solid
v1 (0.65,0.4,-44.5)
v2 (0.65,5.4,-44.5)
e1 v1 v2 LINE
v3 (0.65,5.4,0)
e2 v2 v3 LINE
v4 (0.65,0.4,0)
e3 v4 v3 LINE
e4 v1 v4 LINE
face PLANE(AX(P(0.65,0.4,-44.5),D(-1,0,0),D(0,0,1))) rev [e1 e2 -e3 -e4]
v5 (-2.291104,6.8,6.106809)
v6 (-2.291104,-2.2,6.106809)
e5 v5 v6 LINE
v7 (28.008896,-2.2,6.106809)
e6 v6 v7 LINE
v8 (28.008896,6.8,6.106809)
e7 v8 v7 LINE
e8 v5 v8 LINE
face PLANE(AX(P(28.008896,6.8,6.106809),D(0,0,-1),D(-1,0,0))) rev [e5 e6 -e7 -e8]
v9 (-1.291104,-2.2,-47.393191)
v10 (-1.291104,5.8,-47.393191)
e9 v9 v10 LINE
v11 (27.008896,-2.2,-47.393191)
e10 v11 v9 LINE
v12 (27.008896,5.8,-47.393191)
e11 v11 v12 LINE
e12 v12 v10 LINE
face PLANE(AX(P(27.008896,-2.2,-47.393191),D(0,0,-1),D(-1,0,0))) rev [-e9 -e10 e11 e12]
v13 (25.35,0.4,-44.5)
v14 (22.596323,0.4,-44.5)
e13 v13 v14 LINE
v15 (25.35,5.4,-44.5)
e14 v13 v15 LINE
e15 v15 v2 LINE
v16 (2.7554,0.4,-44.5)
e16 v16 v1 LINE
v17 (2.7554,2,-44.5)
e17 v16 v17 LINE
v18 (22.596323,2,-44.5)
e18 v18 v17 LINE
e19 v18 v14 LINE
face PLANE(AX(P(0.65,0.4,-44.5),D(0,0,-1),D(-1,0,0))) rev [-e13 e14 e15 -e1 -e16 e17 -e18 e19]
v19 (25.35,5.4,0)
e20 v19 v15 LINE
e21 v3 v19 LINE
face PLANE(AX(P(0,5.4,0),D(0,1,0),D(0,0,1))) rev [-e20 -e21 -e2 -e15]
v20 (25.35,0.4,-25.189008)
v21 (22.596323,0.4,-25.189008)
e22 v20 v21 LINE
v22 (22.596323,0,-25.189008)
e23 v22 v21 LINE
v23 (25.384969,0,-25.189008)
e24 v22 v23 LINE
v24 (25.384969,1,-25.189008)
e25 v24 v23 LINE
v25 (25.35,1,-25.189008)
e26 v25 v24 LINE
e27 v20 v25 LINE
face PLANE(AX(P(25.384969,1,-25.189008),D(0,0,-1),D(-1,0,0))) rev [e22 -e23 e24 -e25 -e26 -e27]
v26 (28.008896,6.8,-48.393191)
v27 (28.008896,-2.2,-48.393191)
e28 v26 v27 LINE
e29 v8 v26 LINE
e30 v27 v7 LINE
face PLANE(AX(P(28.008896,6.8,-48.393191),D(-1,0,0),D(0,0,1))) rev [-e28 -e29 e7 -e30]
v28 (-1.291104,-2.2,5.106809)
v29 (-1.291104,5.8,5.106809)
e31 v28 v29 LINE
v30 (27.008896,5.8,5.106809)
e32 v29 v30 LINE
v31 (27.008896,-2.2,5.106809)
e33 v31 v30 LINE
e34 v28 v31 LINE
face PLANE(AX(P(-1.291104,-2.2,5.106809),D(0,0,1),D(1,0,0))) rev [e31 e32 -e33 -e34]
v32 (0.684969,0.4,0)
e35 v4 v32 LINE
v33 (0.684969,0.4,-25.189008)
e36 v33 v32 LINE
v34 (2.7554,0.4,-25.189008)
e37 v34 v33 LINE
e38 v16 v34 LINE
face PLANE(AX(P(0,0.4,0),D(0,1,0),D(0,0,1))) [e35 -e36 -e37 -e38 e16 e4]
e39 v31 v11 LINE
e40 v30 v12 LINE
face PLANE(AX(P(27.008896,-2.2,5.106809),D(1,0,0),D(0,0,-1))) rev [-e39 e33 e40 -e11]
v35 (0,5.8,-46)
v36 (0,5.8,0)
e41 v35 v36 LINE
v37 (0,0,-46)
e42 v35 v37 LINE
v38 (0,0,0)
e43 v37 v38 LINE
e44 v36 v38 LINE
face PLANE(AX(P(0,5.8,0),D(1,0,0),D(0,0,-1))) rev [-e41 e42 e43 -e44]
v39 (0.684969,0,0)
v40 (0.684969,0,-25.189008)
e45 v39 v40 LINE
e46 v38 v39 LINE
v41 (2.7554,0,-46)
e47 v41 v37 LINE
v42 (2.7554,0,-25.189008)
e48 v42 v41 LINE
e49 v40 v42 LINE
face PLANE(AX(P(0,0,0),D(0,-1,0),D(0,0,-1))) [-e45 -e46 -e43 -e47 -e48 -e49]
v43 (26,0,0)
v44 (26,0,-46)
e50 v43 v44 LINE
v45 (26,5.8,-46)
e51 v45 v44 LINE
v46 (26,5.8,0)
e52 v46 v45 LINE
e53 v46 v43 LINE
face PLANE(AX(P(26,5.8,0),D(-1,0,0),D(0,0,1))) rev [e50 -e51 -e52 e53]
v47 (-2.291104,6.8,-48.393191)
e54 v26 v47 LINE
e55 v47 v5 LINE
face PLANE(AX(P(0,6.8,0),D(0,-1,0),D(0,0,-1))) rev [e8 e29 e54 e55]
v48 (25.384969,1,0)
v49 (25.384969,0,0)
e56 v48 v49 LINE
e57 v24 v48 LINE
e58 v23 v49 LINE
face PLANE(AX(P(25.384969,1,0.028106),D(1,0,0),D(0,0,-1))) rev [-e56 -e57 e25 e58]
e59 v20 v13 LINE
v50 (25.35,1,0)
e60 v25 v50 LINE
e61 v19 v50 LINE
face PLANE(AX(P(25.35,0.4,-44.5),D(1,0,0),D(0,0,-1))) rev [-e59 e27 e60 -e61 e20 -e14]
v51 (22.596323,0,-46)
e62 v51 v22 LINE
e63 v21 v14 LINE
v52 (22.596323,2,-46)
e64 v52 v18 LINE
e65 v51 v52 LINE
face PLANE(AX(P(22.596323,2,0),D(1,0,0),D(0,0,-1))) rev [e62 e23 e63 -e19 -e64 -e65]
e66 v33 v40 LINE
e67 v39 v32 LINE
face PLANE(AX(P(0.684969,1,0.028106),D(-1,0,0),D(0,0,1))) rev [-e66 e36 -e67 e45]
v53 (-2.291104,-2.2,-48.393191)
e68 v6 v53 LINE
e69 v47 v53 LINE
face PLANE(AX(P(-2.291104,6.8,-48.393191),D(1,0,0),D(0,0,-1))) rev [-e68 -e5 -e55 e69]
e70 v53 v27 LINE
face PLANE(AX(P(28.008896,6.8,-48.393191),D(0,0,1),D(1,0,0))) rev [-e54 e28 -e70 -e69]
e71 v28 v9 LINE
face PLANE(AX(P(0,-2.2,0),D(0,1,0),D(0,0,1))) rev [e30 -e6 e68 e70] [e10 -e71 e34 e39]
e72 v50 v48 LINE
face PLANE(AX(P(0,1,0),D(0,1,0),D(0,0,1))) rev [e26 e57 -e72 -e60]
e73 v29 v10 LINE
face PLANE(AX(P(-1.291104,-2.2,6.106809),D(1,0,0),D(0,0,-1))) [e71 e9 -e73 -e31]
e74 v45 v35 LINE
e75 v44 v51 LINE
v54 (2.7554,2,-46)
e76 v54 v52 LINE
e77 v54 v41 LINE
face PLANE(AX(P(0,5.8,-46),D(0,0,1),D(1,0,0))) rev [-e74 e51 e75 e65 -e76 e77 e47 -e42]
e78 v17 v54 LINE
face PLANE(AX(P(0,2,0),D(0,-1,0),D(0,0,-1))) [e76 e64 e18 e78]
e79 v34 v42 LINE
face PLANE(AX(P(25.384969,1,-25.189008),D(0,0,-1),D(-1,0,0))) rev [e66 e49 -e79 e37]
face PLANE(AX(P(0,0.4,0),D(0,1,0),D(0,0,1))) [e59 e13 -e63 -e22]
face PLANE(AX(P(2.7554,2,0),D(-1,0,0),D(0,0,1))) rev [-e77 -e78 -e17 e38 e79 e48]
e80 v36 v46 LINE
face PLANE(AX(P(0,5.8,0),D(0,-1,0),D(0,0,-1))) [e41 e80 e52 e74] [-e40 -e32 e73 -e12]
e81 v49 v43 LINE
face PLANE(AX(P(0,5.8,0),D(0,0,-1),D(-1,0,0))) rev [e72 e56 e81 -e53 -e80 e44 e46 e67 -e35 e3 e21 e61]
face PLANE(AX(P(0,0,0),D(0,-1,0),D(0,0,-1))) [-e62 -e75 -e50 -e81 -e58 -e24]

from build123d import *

# Parameters (mm, degrees)
SKETCH1_W           = 26
SKETCH1_H           = 46
BOSS_EXTRUDE1_DEPTH = 5.8
CUT_EXTRUDE1_START  = -0.4
SKETCH2_W           = 24.7
SKETCH2_H           = 45
CUT_EXTRUDE1_DEPTH  = 5
SKETCH3_W           = 30.3
SKETCH3_H           = 54.5
BOSS_EXTRUDE2_DEPTH = 1
SKETCH4_W           = 1
SKETCH4_H           = 54.5
BOSS_EXTRUDE3_DEPTH = 8
SKETCH5_W           = 29.3
SKETCH5_H           = 1
BOSS_EXTRUDE4_DEPTH = 8
SKETCH6_W           = 1
SKETCH6_H           = 53.5
BOSS_EXTRUDE5_DEPTH = 8
SKETCH7_W           = 28.3
SKETCH7_H           = 1
BOSS_EXTRUDE6_DEPTH = 8
SKETCH8_W           = 19.840922592
SKETCH8_H           = 47.393191015
CUT_EXTRUDE2_DEPTH  = 2
SKETCH9_W           = 24.7
SKETCH9_H           = 25.217114116
CUT_EXTRUDE3_DEPTH  = 1


with BuildPart() as part:
    # Sketch1 → Boss-Extrude1 (new body)
    with BuildSketch(Plane(origin=(0, 0, 0), x_dir=(1, 0, 0), z_dir=(0, 1, 0))):
        with Locations((13, 23)):
            Rectangle(SKETCH1_W, SKETCH1_H)
    extrude(amount=BOSS_EXTRUDE1_DEPTH)

    # Sketch2 → Cut-Extrude1 (cut)
    with BuildSketch(Plane(origin=(0, 5.8, 0), x_dir=(1, 0, 0), z_dir=(0, 1, 0)).offset(CUT_EXTRUDE1_START)):
        with Locations((13, 22)):
            Rectangle(SKETCH2_W, SKETCH2_H)
    extrude(amount=-CUT_EXTRUDE1_DEPTH, mode=Mode.SUBTRACT)

    # Sketch3 → Boss-Extrude2 (add)
    with BuildSketch(Plane(origin=(0, 5.8, 0), x_dir=(1, 0, 0), z_dir=(0, 1, 0))):
        with Locations((12.858896044, 21.143191015)):
            Rectangle(SKETCH3_W, SKETCH3_H)
    extrude(amount=BOSS_EXTRUDE2_DEPTH)

    # Sketch4 → Boss-Extrude3 (add)
    with BuildSketch(Plane.XZ.offset(-5.8)):
        with Locations((-1.791103956, -21.143191015)):
            Rectangle(SKETCH4_W, SKETCH4_H)
    extrude(amount=BOSS_EXTRUDE3_DEPTH)

    # Sketch5 → Boss-Extrude4 (add)
    with BuildSketch(Plane.XZ.offset(-5.8)):
        with Locations((13.358896044, 5.606808985)):
            Rectangle(SKETCH5_W, SKETCH5_H)
    extrude(amount=BOSS_EXTRUDE4_DEPTH)

    # Sketch6 → Boss-Extrude5 (add)
    with BuildSketch(Plane.XZ.offset(-5.8)):
        with Locations((27.508896044, -21.643191015)):
            Rectangle(SKETCH6_W, SKETCH6_H)
    extrude(amount=BOSS_EXTRUDE5_DEPTH)

    # Sketch7 → Boss-Extrude6 (add)
    with BuildSketch(Plane.XZ.offset(-5.8)):
        with Locations((12.858896044, -47.893191015)):
            Rectangle(SKETCH7_W, SKETCH7_H)
    extrude(amount=BOSS_EXTRUDE6_DEPTH)

    # Sketch8 → Cut-Extrude2 (cut)
    with BuildSketch(Plane.XZ):
        with Locations((12.675861703, -23.696595508)):
            Rectangle(SKETCH8_W, SKETCH8_H)
    extrude(amount=-CUT_EXTRUDE2_DEPTH, mode=Mode.SUBTRACT)

    # Sketch9 → Cut-Extrude3 (cut)
    with BuildSketch(Plane.XZ):
        with Locations((13.034968762, -12.580450922)):
            Rectangle(SKETCH9_W, SKETCH9_H)
    extrude(amount=-CUT_EXTRUDE3_DEPTH, mode=Mode.SUBTRACT)


solid = part.part
